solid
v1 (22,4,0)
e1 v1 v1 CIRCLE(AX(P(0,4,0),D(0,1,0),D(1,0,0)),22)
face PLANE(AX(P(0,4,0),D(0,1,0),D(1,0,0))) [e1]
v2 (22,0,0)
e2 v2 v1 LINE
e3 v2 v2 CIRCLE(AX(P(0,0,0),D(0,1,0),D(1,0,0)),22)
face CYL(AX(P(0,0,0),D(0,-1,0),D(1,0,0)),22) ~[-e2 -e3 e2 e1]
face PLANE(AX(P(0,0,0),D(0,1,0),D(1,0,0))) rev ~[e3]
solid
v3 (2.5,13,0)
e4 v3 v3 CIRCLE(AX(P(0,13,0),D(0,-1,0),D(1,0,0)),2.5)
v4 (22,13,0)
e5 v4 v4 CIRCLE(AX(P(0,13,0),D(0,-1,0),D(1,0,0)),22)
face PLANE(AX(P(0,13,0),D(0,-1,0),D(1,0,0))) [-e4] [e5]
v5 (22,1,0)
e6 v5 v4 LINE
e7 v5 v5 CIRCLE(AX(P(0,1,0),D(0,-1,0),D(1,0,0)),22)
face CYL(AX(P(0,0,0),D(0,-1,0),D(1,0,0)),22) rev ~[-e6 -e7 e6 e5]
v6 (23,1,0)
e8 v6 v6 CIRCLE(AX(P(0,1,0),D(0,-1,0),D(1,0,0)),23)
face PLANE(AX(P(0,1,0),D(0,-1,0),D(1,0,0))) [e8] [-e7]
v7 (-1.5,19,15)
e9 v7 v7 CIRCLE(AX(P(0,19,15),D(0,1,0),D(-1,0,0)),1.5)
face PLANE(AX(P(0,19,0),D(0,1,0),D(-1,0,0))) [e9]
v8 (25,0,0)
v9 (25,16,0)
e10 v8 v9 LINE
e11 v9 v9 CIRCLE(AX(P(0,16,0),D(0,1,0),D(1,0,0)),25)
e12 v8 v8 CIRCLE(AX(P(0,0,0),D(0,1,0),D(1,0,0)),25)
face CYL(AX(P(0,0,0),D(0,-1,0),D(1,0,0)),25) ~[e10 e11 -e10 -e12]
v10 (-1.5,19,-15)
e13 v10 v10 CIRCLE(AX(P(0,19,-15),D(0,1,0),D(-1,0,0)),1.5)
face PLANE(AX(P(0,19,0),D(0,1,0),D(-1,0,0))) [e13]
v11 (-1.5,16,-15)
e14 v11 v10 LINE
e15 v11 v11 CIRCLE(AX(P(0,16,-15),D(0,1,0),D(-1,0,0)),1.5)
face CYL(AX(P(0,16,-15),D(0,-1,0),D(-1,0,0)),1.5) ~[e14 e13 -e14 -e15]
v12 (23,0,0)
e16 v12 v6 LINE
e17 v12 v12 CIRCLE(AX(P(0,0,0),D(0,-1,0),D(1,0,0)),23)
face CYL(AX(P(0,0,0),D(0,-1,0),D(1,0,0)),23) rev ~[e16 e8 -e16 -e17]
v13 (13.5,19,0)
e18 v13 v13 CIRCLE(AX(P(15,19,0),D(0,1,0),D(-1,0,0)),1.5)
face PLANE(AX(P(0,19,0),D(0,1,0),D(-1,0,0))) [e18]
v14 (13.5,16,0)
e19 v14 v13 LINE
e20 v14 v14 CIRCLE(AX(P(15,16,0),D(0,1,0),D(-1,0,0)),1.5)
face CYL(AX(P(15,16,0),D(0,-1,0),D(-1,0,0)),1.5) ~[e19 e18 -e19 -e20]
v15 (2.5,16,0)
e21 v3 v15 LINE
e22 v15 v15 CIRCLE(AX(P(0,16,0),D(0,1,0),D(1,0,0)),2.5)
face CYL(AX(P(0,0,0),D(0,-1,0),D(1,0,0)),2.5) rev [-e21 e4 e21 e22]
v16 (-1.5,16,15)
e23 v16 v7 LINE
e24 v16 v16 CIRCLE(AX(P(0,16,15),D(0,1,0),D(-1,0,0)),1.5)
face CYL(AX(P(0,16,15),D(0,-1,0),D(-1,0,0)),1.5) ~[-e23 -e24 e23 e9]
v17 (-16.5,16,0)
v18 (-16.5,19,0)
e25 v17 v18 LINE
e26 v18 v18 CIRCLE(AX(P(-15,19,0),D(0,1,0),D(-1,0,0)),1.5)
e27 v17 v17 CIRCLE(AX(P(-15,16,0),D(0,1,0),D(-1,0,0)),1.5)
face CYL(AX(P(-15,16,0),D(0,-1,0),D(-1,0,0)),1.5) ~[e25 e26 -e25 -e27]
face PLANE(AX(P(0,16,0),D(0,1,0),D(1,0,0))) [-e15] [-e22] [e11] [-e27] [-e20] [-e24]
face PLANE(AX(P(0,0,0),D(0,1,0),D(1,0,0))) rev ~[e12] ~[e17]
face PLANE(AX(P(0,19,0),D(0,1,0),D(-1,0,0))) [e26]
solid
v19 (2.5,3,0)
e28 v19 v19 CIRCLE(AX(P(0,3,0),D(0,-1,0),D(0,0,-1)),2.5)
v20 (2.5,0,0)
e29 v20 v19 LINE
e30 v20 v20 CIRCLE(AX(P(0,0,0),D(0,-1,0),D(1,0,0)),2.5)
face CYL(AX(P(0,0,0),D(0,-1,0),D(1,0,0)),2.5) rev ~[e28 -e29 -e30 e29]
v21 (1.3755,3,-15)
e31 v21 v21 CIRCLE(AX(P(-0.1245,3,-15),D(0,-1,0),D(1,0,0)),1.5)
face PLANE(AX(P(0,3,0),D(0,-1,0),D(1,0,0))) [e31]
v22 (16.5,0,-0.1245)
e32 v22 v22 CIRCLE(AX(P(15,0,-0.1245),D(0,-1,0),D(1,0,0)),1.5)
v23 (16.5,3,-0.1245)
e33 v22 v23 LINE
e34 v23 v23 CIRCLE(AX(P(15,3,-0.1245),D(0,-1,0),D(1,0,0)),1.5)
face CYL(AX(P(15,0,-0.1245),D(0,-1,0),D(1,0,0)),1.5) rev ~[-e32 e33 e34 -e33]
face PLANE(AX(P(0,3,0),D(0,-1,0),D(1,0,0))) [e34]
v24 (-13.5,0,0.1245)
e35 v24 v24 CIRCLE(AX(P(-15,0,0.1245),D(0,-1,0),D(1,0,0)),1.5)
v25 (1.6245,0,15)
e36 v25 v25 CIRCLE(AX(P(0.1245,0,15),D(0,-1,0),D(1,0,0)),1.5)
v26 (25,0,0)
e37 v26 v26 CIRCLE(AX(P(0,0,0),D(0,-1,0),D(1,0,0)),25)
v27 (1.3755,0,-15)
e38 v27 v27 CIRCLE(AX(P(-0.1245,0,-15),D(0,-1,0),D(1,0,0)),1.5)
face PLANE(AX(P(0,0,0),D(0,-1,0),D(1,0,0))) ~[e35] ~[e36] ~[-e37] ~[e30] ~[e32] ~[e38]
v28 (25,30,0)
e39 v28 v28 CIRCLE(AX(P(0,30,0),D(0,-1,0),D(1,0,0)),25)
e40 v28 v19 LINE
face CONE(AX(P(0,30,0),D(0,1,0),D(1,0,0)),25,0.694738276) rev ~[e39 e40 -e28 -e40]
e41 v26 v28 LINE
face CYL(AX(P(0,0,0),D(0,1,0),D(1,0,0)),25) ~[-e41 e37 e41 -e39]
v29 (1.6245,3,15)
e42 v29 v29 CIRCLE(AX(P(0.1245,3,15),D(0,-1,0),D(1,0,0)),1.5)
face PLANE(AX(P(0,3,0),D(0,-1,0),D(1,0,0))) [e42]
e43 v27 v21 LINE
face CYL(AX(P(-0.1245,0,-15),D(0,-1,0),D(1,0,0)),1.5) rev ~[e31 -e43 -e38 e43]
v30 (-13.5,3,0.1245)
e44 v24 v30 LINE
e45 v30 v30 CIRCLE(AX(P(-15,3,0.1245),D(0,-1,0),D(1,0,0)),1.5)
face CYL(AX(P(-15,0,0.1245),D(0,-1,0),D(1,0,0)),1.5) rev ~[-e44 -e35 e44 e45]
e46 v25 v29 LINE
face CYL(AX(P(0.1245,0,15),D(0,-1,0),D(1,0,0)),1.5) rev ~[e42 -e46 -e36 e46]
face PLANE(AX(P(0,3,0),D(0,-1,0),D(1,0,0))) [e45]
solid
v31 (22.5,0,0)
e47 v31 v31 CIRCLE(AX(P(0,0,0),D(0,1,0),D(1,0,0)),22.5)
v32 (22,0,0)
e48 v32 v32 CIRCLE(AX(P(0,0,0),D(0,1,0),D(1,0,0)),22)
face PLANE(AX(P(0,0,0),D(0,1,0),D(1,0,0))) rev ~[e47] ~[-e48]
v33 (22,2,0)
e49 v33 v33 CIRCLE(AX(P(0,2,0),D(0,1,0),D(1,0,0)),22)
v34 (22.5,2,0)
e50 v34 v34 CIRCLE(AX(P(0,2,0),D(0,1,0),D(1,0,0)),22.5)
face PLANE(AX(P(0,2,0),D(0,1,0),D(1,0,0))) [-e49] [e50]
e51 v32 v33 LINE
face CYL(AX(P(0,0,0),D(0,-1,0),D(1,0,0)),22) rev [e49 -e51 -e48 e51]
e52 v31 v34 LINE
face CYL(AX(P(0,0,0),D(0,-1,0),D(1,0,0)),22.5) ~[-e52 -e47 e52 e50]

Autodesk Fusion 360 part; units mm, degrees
sketch "Sketch1" plane through (0, 0, 0) normal (0, 0, 1) x (1, 0, 0) in component "lejek"
  line L0 (0, 0) -> (25, 0)
  line L1 (25, 0) -> (25, 30)
  line L2 (25, 30) -> (0, 0)
  line L3 (0, 80) -> (0, -63.8211) construction
  dimension "d1" = 25
  dimension "d2" = 30
revolve "Revolve1" add sketch "Sketch1" angle 360 about axis through (0, 80, 0) along (0, -1, 0) makes body 1 in component "lejek"
sketch "Sketch2" plane through (0, 0, 0) normal (0, -1, 0) x (1, 0, 0) in component "lejek"
  circle A0 centre (0, 0) radius 25
  circle A1 centre (0, 0) radius 2.5
  dimension "d4" = 5
extrude "Extrude1" cut sketch "Sketch2" against normal blind 10 contours A1 bodies 1 in component "lejek"
sketch "Sketch1 (2)" plane through (0, 0, 0) normal (0, 1, 0) x (1, 0, 0) in component "koncowka"
  circle A0 centre (0, 0) radius 25
extrude "Extrude1'" add sketch "Sketch1 (2)" along normal blind 16 separate body makes body 2 in component "koncowka"
sketch "Sketch2 (2)" plane through (0, 0, 0) normal (0, 1, 0) x (1, 0, 0) in component "koncowka"
  circle A0 centre (0, 0) radius 2.5
  dimension "d9" = 5
extrude "Extrude3" cut sketch "Sketch2 (2)" along normal up to surface (16 mm away) bodies 2 in component "koncowka"
sketch "Sketch3" plane through (0, 0, 0) normal (0, -1, 0) x (1, 0, 0) in component "koncowka"
  circle A0 centre (0, 0) radius 2.5
  circle A1 centre (0, 0) radius 25
  circle A2 centre (0, 0) radius 22
  dimension "d15" = -3
extrude "Extrude4" cut sketch "Sketch3" against normal blind 13 contours A2 bodies 2 in component "koncowka"
sketch "Sketch4" plane through (0, 0, 0) normal (0, -1, 0) x (1, 0, 0) in component "koncowka"
  circle A0 centre (0, 0) radius 22
  circle A1 centre (0, 0) radius 25
  circle A2 centre (0, 0) radius 23
  dimension "d18" = 1
extrude "Extrude5" cut sketch "Sketch4" against normal blind 1 contours A2 bodies 2 in component "koncowka"
sketch "Sketch5" plane through (0, 16, 0) normal (0, 1, 0) x (-1, 0, 0) in component "koncowka"
  circle A0 centre (0, 0) radius 2.5
  circle A1 centre (0, 0) radius 25
  circle A2 centre (15, 0) radius 1.5
  dimension "d22" = 3
extrude "Extrude6" add sketch "Sketch5" along normal blind 3 contours A2 bodies 2 in component "koncowka"
sketch "Sketch6" plane through (0, 16, 0) normal (0, 1, 0) x (-1, 0, 0) in component "koncowka"
  circle A0 centre (15, 0) radius 1.5
  circle A1 centre (0, 0) radius 2.5
  circle A2 centre (0, 0) radius 25
  circle A3 centre (0, 15) radius 1.5
  circle A4 centre (-15, 0) radius 1.5
  circle A5 centre (0, -15) radius 1.5
  dimension "d26" = 360
extrude "Extrude8" add sketch "Sketch6" along normal blind 3 contours A4 bodies 2 in component "koncowka"
extrude "Extrude7" add sketch "Sketch6" along normal blind 3 contours A3 bodies 2 in component "koncowka"
sketch "Sketch7" plane through (0, 16, 0) normal (0, 1, 0) x (-1, 0, 0) in component "koncowka"
  circle A0 centre (0, 15) radius 1.5
  circle A1 centre (15, 0) radius 1.5
  circle A2 centre (0, 0) radius 2.5
  circle A3 centre (0, 0) radius 25
  circle A4 centre (-15, 0) radius 1.5
extrude "Extrude9" add sketch "Sketch6" along normal blind 3 contours A5 bodies 2 in component "koncowka"
sketch "Sketch8" plane through (0, 0, 0) normal (0, -1, 0) x (1, 0, 0) in component "koncowka"
  circle A0 centre (0, 0) radius 2.5
  circle A1 centre (0, 0) radius 25
  circle A2 centre (0, 0) radius 22.9534
sketch "Sketch3 (2)" plane through (0, 0, 0) normal (0, -1, 0) x (1, 0, 0) in component "lejek"
  circle A0 centre (0, 0) radius 2.5
  circle A1 centre (0, 0) radius 25
  circle A2 centre (15, -0.1245) radius 1.5
  circle A3 centre (0.1245, 15) radius 1.5
  circle A4 centre (-15, 0.1245) radius 1.5
  circle A5 centre (-0.1245, -15) radius 1.5
  dimension "d33" = 3
  dimension "d34" = 15
  dimension "d36" = 360
extrude "Extrude2" cut sketch "Sketch3 (2)" against normal blind 3 contours A2 | A3 | A4 | A5 bodies 1 in component "lejek"
sketch "Sketch1 (3)" plane through (0, 0, 0) normal (0, 1, 0) x (1, 0, 0) in component "pokrywka"
  circle A0 centre (0, 0) radius 22
  circle A1 centre (0, 0) radius 22.5
  dimension "d39" = 44
  dimension "d40" = 45
extrude "Extrude2'" add sketch "Sketch1 (3)" along normal blind 4 separate body contours A0 makes body 3 in component "pokrywka"
extrude "Extrude1''" add sketch "Sketch1 (3)" along normal blind 2 separate body makes body 4 in component "pokrywka"
component "lejek" placed x (1, 0, 0) y (0, 1, 0) z (0, 0, 1) at (0, 0, 0)
component "koncowka" placed x (1, 0, 0) y (0, 1, 0) z (0, 0, 1) at (0, 0, 0)
component "pokrywka" placed x (1, 0, 0) y (0, 1, 0) z (0, 0, 1) at (0, 0, 0)
